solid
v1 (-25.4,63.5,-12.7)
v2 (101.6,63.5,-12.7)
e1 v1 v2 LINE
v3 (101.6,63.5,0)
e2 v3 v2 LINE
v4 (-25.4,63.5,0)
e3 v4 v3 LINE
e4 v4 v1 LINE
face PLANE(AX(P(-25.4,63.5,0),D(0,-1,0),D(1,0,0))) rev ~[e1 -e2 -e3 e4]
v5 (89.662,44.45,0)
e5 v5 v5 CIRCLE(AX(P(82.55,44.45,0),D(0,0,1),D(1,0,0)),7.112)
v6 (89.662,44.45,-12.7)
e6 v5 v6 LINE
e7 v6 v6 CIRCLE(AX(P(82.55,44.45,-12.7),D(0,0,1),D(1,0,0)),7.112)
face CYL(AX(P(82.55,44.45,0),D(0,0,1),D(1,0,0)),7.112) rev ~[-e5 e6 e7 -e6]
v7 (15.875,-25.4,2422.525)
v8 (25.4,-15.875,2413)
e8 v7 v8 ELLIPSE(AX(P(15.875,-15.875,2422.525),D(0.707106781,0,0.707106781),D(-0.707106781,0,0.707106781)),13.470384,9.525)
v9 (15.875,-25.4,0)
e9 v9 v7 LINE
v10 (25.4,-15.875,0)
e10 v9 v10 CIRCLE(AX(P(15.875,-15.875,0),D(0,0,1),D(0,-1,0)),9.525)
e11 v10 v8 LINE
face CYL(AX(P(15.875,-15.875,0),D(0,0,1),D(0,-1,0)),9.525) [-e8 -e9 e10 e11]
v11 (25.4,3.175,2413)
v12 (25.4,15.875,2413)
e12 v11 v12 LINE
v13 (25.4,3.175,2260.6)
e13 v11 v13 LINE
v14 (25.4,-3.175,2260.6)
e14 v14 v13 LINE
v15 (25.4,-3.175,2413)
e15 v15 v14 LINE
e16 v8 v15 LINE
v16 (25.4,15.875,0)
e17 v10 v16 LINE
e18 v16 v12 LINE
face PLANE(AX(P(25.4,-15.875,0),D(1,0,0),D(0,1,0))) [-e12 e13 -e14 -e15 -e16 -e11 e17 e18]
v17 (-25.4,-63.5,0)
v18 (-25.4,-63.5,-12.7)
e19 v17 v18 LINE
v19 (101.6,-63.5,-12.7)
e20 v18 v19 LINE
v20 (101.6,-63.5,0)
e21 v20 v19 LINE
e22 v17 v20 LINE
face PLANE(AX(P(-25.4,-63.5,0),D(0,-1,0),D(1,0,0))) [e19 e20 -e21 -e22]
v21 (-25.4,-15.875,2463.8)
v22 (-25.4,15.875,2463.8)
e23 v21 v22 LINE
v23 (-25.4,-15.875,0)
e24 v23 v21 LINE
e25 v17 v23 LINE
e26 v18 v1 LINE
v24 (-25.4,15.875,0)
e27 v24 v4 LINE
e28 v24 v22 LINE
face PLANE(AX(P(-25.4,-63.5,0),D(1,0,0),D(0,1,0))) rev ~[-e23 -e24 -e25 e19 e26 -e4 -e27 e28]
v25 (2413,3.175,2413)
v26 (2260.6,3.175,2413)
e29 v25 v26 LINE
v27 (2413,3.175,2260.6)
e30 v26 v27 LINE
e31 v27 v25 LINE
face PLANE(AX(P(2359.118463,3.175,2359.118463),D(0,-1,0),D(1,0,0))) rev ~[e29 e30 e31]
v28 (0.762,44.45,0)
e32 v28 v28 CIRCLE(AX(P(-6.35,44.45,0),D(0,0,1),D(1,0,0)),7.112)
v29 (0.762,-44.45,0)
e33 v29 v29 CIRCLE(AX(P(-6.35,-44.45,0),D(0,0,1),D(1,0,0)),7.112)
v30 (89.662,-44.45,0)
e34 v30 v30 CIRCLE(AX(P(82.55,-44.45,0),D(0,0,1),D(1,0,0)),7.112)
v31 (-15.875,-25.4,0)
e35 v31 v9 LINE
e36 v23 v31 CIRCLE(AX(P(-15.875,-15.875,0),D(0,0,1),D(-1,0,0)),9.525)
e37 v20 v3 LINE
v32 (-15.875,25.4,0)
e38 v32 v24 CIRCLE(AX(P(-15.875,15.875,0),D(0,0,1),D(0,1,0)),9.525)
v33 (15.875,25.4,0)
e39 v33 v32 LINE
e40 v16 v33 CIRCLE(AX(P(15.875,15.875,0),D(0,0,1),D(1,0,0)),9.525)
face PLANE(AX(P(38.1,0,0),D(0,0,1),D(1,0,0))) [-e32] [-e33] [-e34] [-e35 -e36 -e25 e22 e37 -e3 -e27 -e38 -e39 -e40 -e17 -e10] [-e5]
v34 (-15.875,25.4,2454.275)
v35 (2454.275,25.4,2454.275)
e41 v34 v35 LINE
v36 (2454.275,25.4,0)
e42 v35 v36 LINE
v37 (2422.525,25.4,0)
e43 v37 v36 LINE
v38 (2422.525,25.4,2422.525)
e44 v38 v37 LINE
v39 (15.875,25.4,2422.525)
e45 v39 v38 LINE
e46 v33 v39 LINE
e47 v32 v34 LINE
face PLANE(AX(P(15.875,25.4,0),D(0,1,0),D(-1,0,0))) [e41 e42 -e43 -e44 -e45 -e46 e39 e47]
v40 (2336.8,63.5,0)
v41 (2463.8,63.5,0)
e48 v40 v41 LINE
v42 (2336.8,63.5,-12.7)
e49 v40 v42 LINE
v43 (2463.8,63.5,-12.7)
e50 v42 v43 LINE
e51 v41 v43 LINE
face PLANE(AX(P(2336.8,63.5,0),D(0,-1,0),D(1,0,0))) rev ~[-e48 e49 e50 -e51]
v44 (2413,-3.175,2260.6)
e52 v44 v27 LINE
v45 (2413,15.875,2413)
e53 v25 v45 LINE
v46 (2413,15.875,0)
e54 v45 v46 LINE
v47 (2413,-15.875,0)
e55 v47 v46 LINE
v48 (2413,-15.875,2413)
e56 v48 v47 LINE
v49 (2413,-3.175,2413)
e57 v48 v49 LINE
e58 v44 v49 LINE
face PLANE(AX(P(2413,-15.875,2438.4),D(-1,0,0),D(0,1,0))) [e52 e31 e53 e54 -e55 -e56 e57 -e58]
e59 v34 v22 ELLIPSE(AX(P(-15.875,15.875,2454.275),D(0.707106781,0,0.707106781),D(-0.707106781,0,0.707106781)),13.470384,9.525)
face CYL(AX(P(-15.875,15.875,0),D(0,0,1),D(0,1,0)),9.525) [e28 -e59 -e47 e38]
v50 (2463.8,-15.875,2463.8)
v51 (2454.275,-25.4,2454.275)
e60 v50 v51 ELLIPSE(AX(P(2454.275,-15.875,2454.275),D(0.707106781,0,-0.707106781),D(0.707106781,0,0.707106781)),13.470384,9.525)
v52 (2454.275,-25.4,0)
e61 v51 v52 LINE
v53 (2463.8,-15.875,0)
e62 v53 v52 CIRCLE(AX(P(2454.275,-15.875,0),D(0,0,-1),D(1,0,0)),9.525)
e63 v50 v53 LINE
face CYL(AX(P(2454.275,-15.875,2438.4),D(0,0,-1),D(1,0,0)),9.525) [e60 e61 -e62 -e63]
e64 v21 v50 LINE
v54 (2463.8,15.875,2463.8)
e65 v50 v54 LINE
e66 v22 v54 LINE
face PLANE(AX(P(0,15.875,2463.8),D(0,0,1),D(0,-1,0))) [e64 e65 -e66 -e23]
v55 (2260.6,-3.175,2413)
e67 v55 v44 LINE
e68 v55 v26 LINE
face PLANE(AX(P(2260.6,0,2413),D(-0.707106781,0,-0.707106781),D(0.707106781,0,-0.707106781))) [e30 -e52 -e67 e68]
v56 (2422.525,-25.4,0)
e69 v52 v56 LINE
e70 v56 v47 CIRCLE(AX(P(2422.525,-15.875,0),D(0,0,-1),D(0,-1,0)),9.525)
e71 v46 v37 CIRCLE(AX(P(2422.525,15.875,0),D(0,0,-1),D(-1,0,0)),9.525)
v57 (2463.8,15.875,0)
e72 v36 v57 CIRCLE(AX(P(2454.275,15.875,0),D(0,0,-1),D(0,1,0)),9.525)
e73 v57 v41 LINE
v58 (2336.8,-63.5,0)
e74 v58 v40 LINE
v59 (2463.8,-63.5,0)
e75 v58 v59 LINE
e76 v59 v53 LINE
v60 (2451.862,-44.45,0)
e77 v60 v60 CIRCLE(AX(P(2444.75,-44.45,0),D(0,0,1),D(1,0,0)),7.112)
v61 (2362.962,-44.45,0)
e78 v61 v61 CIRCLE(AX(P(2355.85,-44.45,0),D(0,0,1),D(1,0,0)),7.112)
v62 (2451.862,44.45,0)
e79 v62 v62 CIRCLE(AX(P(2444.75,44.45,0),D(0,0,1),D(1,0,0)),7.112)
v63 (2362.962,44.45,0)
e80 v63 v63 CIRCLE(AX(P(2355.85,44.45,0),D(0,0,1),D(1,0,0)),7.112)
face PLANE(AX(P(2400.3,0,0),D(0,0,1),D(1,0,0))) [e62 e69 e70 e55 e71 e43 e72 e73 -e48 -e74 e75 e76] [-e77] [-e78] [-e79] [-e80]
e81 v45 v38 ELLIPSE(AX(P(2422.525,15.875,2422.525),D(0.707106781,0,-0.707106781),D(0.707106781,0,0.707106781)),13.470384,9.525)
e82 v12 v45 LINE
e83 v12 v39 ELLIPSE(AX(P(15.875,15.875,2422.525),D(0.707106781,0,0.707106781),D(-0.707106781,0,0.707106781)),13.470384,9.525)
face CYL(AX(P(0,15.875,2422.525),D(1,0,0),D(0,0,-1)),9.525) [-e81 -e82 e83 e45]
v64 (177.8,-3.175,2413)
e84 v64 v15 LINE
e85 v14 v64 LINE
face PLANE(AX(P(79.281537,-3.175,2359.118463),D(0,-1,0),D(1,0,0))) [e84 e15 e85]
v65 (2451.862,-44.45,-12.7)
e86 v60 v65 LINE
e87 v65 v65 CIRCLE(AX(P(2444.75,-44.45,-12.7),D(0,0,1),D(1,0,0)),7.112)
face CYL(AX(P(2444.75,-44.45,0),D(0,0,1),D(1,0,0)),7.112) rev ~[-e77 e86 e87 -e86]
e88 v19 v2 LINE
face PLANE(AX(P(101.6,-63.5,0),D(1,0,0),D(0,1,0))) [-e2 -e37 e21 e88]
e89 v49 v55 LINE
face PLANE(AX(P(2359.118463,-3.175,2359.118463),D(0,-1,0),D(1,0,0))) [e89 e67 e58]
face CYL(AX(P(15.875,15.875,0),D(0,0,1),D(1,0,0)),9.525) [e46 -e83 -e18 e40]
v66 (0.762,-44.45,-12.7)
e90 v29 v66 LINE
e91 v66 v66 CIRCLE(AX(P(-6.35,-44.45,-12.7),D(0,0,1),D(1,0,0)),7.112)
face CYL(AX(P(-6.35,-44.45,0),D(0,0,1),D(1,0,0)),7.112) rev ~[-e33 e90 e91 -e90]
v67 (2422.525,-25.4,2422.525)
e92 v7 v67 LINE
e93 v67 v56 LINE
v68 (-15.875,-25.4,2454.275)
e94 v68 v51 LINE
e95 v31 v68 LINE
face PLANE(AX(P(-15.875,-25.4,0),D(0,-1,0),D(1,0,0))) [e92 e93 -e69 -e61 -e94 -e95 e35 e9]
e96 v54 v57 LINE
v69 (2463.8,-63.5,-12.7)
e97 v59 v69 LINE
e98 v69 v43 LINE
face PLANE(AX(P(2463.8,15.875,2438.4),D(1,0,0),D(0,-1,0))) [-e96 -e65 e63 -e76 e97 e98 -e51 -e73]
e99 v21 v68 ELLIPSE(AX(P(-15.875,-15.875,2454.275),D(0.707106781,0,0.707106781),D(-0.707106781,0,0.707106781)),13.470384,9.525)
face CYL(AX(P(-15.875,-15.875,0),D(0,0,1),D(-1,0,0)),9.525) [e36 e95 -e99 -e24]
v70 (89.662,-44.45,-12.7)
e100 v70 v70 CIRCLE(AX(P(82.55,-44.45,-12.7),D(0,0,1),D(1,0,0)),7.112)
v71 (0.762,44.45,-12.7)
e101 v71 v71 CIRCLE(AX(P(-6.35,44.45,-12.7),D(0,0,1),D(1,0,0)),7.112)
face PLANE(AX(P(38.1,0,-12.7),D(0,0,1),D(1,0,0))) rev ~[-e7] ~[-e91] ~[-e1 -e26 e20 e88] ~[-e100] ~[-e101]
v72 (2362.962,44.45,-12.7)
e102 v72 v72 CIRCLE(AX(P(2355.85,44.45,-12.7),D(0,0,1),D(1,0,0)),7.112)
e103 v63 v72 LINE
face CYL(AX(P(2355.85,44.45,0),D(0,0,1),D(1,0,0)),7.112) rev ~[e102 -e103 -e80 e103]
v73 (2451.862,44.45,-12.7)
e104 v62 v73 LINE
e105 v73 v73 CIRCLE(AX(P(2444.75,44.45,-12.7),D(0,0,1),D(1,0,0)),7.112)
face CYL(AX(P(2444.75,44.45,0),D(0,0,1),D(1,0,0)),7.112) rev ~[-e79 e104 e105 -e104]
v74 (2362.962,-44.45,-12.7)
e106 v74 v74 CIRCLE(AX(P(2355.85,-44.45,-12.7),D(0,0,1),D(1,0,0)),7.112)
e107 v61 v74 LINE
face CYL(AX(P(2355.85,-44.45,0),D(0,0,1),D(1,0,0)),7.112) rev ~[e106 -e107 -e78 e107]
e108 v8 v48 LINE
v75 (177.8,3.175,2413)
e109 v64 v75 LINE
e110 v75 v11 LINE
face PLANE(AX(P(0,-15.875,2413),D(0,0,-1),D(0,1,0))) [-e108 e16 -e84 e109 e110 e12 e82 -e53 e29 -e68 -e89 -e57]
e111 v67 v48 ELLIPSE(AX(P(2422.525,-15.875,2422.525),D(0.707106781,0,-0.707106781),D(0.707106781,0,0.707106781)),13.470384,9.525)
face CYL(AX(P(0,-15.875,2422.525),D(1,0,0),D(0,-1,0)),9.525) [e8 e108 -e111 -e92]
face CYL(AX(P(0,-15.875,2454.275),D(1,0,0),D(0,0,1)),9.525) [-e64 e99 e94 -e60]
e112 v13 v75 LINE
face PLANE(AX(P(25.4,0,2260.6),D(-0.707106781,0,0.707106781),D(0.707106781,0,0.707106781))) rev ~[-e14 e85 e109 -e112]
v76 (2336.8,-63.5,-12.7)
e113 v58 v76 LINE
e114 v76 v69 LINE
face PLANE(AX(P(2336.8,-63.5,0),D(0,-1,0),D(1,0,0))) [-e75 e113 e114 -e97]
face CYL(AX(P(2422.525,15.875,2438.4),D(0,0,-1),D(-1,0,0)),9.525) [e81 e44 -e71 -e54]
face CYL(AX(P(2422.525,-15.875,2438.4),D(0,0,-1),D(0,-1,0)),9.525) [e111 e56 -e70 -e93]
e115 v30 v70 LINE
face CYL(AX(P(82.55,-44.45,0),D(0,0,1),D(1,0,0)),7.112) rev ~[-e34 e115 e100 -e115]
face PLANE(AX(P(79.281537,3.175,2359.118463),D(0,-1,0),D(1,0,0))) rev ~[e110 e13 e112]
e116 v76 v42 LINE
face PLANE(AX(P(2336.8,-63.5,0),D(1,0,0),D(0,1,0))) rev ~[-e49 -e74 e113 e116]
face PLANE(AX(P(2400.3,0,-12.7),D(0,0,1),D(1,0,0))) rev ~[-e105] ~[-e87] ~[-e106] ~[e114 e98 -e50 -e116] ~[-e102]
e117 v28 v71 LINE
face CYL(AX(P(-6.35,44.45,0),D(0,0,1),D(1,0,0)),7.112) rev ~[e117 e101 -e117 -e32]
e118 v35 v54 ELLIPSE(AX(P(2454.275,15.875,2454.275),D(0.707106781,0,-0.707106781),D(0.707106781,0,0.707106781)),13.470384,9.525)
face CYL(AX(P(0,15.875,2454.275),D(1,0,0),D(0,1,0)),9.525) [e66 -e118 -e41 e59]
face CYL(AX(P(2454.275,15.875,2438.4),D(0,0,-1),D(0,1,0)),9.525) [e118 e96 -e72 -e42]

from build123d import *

# Parameters (mm, degrees)
F3_W     = 127
F3_H     = 127
F3_R     = 7.112
F4_DEPTH = 12.7
F6_DEPTH = 3.175


with BuildPart() as f2:
    # F2: sweep along a path in F0
    with BuildLine(Plane.XZ) as f2_path:
        Line((0, 0), (0, 2438.4))
        Line((0, 2438.4), (2438.4, 2438.4))
        Line((2438.4, 2438.4), (2438.4, 0))
    # F1 (on Top) → F2 (sweep)
    with BuildSketch(Plane.XY):
        with BuildLine():
            Line((15.875, 25.4), (-15.875, 25.4))
            ThreePointArc((-15.875, 25.4), (-22.6101920908, 22.6101920908), (-25.4, 15.875))
            Line((-25.4, 15.875), (-25.4, -15.875))
            ThreePointArc((-25.4, -15.875), (-22.6101920908, -22.6101920908), (-15.875, -25.4))
            Line((-15.875, -25.4), (15.875, -25.4))
            ThreePointArc((15.875, -25.4), (22.6101920908, -22.6101920908), (25.4, -15.875))
            Line((25.4, -15.875), (25.4, 15.875))
            ThreePointArc((25.4, 15.875), (22.6101920908, 22.6101920908), (15.875, 25.4))
        make_face()
    sweep(path=f2_path.line, transition=Transition.RIGHT)

    # F3 (on Top) → F4 (join)
    with BuildSketch(Plane.XY):
        with Locations((38.1, 0)):
            Rectangle(F3_W, F3_H)
        with Locations((-6.35, -44.45)):
            Circle(F3_R, mode=Mode.SUBTRACT)
        with Locations((82.55, -44.45)):
            Circle(F3_R, mode=Mode.SUBTRACT)
        with Locations((-6.35, 44.45)):
            Circle(F3_R, mode=Mode.SUBTRACT)
        with Locations((82.55, 44.45)):
            Circle(F3_R, mode=Mode.SUBTRACT)
        with Locations((2400.3, 0)):
            Rectangle(F3_W, F3_H)
        with Locations((2355.85, -44.45)):
            Circle(F3_R, mode=Mode.SUBTRACT)
        with Locations((2444.75, -44.45)):
            Circle(F3_R, mode=Mode.SUBTRACT)
        with Locations((2355.85, 44.45)):
            Circle(F3_R, mode=Mode.SUBTRACT)
        with Locations((2444.75, 44.45)):
            Circle(F3_R, mode=Mode.SUBTRACT)
    extrude(amount=-F4_DEPTH)

    # F5 (on Front) → F6 (join, symmetric)
    with BuildSketch(Plane.XZ):
        Polygon((177.8, 2413), (25.4, 2413), (25.4, 2260.6), align=None)
        Polygon((2413, 2260.6), (2413, 2413), (2260.6, 2413), align=None)
    extrude(amount=F6_DEPTH, both=True)


solid = f2.part
